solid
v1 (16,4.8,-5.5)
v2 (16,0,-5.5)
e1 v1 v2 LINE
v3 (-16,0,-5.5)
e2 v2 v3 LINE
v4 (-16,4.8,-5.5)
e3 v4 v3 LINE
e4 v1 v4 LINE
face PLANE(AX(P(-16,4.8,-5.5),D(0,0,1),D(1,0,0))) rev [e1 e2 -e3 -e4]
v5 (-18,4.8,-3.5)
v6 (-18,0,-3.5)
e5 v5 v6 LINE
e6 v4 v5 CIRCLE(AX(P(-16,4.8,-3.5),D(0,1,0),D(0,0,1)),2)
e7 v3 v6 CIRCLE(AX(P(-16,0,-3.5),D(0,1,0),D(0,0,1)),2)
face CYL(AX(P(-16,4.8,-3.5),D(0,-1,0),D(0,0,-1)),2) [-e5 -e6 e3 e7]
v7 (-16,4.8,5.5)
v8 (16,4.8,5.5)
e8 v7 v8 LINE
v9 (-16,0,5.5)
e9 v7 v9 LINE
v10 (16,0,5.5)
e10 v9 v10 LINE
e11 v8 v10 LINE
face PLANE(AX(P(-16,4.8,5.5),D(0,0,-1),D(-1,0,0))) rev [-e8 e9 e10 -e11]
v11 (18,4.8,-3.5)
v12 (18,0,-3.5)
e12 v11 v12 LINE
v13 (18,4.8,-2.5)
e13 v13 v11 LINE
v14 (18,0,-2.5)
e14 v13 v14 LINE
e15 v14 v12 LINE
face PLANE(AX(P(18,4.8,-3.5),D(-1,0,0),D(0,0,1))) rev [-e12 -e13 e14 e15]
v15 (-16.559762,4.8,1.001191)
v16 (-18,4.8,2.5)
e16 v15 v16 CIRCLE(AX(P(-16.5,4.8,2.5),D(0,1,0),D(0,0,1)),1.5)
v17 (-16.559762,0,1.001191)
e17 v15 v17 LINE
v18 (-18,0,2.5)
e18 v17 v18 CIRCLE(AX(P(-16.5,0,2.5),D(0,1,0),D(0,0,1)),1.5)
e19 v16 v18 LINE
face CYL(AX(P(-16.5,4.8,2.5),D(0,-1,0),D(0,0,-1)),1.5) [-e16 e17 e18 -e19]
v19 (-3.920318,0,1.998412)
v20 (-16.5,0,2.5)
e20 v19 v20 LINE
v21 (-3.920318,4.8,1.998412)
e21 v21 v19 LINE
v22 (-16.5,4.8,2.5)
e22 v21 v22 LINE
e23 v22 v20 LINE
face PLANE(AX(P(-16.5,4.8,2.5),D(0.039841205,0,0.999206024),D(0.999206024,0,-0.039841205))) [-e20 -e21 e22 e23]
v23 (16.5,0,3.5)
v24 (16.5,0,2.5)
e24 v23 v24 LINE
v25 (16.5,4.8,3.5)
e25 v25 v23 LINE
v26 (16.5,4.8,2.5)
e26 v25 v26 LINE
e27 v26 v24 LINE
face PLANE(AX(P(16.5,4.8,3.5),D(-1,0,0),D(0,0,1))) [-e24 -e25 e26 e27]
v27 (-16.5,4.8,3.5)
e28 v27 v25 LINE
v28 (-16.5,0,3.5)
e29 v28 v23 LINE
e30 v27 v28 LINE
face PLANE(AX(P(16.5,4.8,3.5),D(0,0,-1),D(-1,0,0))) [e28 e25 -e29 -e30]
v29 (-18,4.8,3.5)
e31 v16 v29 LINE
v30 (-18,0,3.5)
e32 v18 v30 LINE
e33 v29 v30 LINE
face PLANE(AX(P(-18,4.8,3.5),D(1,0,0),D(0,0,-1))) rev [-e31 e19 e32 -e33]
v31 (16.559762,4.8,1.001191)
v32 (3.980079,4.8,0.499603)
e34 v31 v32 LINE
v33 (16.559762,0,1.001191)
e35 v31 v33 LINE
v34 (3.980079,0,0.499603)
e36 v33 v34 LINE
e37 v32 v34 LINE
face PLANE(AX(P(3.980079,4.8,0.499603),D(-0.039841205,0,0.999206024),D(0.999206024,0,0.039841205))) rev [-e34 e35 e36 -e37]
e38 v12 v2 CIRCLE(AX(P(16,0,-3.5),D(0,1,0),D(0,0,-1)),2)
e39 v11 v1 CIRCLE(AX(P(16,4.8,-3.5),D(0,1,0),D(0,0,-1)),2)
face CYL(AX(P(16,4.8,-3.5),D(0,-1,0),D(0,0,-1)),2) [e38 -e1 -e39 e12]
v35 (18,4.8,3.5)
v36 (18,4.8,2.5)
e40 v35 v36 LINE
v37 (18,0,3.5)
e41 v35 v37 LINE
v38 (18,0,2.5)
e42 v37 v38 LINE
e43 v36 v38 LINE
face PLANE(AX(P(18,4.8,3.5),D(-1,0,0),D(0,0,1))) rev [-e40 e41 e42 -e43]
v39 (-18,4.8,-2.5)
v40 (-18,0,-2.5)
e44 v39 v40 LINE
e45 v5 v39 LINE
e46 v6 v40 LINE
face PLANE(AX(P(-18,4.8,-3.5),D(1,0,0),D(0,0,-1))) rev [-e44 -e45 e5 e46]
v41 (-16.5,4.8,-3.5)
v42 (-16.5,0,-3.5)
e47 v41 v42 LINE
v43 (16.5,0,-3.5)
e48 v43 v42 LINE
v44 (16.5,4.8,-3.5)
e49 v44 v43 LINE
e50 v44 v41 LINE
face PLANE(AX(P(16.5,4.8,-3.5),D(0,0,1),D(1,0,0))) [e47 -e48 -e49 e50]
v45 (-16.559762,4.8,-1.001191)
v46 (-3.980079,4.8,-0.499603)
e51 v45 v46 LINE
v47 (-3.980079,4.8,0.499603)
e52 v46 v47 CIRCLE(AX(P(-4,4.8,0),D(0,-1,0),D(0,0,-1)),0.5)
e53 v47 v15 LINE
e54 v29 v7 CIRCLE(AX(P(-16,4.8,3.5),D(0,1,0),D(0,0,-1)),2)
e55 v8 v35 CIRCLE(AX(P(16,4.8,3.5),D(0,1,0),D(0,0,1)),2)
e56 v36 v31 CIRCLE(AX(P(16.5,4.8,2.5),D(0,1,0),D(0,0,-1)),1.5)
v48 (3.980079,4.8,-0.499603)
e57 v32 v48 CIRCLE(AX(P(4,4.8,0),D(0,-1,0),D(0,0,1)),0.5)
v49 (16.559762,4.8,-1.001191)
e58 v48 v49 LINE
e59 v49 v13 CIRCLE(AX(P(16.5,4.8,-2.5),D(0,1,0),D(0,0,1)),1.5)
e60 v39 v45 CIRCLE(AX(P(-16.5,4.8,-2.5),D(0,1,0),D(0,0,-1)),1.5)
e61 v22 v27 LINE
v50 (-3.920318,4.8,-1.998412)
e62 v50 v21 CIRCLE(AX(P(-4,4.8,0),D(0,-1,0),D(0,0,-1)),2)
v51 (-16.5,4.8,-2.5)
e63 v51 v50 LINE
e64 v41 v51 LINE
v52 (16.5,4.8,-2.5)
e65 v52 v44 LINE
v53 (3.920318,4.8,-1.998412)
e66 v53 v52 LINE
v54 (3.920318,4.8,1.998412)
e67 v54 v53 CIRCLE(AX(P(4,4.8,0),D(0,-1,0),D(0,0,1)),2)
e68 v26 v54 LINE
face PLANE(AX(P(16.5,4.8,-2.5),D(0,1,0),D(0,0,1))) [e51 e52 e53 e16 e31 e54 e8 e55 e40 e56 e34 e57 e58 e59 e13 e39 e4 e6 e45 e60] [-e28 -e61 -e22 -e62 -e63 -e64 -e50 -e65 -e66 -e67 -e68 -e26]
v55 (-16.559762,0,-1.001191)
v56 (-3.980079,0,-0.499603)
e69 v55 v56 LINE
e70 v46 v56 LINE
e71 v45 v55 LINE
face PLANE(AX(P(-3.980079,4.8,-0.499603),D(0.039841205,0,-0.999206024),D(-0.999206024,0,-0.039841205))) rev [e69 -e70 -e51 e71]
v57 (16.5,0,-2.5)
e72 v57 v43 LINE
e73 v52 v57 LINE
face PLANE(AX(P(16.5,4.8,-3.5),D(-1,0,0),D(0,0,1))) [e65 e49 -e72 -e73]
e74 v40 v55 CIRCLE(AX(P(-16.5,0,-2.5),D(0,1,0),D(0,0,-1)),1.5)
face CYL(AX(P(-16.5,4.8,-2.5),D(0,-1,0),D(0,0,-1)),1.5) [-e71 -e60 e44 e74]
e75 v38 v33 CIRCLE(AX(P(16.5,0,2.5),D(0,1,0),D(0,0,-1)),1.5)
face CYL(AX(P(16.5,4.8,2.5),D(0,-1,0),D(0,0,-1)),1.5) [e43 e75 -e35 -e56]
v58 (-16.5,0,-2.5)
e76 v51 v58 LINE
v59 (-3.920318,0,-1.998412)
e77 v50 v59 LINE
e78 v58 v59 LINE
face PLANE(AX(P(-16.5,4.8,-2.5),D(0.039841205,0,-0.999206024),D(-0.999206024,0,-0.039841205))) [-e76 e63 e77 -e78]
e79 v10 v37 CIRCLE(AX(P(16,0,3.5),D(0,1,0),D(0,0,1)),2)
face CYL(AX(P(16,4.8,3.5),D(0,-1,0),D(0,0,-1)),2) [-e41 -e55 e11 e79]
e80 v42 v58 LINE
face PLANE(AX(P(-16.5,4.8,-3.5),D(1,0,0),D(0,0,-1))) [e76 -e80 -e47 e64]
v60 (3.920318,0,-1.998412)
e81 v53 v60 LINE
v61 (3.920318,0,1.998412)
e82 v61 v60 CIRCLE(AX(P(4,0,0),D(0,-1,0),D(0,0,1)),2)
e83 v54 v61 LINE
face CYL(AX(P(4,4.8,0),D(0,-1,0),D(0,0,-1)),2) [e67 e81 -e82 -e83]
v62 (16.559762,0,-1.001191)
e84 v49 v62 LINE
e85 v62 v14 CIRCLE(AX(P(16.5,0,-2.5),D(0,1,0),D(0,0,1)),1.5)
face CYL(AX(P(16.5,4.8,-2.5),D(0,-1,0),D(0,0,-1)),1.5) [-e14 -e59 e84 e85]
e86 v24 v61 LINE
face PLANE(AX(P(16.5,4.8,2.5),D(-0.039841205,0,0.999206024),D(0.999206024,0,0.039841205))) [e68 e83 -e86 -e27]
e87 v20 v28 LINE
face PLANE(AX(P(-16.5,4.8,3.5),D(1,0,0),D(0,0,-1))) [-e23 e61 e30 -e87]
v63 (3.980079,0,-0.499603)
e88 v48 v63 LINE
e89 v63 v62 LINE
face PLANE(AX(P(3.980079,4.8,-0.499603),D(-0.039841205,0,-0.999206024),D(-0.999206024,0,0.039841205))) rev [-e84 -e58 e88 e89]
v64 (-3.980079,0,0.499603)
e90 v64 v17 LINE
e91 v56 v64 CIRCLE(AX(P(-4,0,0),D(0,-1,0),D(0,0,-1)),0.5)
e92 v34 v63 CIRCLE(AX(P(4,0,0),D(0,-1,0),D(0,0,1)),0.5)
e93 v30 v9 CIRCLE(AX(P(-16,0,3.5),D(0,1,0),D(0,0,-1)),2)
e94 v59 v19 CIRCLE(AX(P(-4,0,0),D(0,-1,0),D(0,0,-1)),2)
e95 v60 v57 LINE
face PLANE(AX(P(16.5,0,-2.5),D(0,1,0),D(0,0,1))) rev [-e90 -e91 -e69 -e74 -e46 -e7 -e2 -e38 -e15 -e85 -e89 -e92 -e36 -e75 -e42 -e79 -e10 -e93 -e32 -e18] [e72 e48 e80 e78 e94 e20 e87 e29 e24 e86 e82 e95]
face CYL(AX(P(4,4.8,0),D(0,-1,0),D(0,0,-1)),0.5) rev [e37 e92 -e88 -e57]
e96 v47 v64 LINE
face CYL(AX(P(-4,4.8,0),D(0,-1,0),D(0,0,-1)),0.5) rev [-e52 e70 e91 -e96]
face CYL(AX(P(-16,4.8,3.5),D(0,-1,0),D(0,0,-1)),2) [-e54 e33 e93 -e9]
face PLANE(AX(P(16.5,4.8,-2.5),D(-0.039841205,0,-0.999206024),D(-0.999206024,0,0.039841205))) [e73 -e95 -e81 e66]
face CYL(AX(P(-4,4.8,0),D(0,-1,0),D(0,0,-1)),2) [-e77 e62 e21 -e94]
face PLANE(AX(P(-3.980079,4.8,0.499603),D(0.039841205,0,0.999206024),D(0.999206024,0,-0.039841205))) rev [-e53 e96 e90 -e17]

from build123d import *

# Parameters (mm, degrees)
BOSS_EXTRUDE1_DEPTH = 4.8


with BuildPart() as part:
    # Sketch1 → Boss-Extrude1 (new body)
    with BuildSketch(Plane(origin=(0, 0, 0), x_dir=(1, 0, 0), z_dir=(0, 1, 0))):
        with BuildLine():
            Line((18, 3.5), (18, 2.5))
            ThreePointArc((18, 2.5), (17.581582801, 1.460683569), (16.559761807, 1.001190964))
            Line((16.559761807, 1.001190964), (3.980079398, 0.499603012))
            ThreePointArc((3.980079398, 0.499603012), (3.5, 0), (3.980079398, -0.499603012))
            Line((3.980079398, -0.499603012), (16.559761807, -1.001190964))
            ThreePointArc((16.559761807, -1.001190964), (17.581582801, -1.460683569), (18, -2.5))
            Line((18, -2.5), (18, -3.5))
            ThreePointArc((18, -3.5), (17.414213562, -4.914213562), (16, -5.5))
            Line((16, -5.5), (-16, -5.5))
            ThreePointArc((-16, -5.5), (-17.414213562, -4.914213562), (-18, -3.5))
            Line((-18, -3.5), (-18, -2.5))
            ThreePointArc((-18, -2.5), (-17.581582801, -1.460683569), (-16.559761807, -1.001190964))
            Line((-16.559761807, -1.001190964), (-3.980079398, -0.499603012))
            ThreePointArc((-3.980079398, -0.499603012), (-3.5, 0), (-3.980079398, 0.499603012))
            Line((-3.980079398, 0.499603012), (-16.559761807, 1.001190964))
            ThreePointArc((-16.559761807, 1.001190964), (-17.581582801, 1.460683569), (-18, 2.5))
            Line((-18, 2.5), (-18, 3.5))
            ThreePointArc((-18, 3.5), (-17.414213562, 4.914213562), (-16, 5.5))
            Line((-16, 5.5), (16, 5.5))
            ThreePointArc((16, 5.5), (17.414213562, 4.914213562), (18, 3.5))
        make_face()
        with BuildLine():
            Line((16.5, 3.5), (-16.5, 3.5))
            Line((-16.5, 3.5), (-16.5, 2.5))
            Line((-16.5, 2.5), (-3.92031759, 1.998412048))
            ThreePointArc((-3.92031759, 1.998412048), (-2, 0), (-3.92031759, -1.998412048))
            Line((-3.92031759, -1.998412048), (-16.5, -2.5))
            Line((-16.5, -2.5), (-16.5, -3.5))
            Line((-16.5, -3.5), (16.5, -3.5))
            Line((16.5, -3.5), (16.5, -2.5))
            Line((16.5, -2.5), (3.92031759, -1.998412048))
            ThreePointArc((3.92031759, -1.998412048), (2, 0), (3.92031759, 1.998412048))
            Line((3.92031759, 1.998412048), (16.5, 2.5))
            Line((16.5, 2.5), (16.5, 3.5))
        make_face(mode=Mode.SUBTRACT)
    extrude(amount=BOSS_EXTRUDE1_DEPTH)


solid = part.part
